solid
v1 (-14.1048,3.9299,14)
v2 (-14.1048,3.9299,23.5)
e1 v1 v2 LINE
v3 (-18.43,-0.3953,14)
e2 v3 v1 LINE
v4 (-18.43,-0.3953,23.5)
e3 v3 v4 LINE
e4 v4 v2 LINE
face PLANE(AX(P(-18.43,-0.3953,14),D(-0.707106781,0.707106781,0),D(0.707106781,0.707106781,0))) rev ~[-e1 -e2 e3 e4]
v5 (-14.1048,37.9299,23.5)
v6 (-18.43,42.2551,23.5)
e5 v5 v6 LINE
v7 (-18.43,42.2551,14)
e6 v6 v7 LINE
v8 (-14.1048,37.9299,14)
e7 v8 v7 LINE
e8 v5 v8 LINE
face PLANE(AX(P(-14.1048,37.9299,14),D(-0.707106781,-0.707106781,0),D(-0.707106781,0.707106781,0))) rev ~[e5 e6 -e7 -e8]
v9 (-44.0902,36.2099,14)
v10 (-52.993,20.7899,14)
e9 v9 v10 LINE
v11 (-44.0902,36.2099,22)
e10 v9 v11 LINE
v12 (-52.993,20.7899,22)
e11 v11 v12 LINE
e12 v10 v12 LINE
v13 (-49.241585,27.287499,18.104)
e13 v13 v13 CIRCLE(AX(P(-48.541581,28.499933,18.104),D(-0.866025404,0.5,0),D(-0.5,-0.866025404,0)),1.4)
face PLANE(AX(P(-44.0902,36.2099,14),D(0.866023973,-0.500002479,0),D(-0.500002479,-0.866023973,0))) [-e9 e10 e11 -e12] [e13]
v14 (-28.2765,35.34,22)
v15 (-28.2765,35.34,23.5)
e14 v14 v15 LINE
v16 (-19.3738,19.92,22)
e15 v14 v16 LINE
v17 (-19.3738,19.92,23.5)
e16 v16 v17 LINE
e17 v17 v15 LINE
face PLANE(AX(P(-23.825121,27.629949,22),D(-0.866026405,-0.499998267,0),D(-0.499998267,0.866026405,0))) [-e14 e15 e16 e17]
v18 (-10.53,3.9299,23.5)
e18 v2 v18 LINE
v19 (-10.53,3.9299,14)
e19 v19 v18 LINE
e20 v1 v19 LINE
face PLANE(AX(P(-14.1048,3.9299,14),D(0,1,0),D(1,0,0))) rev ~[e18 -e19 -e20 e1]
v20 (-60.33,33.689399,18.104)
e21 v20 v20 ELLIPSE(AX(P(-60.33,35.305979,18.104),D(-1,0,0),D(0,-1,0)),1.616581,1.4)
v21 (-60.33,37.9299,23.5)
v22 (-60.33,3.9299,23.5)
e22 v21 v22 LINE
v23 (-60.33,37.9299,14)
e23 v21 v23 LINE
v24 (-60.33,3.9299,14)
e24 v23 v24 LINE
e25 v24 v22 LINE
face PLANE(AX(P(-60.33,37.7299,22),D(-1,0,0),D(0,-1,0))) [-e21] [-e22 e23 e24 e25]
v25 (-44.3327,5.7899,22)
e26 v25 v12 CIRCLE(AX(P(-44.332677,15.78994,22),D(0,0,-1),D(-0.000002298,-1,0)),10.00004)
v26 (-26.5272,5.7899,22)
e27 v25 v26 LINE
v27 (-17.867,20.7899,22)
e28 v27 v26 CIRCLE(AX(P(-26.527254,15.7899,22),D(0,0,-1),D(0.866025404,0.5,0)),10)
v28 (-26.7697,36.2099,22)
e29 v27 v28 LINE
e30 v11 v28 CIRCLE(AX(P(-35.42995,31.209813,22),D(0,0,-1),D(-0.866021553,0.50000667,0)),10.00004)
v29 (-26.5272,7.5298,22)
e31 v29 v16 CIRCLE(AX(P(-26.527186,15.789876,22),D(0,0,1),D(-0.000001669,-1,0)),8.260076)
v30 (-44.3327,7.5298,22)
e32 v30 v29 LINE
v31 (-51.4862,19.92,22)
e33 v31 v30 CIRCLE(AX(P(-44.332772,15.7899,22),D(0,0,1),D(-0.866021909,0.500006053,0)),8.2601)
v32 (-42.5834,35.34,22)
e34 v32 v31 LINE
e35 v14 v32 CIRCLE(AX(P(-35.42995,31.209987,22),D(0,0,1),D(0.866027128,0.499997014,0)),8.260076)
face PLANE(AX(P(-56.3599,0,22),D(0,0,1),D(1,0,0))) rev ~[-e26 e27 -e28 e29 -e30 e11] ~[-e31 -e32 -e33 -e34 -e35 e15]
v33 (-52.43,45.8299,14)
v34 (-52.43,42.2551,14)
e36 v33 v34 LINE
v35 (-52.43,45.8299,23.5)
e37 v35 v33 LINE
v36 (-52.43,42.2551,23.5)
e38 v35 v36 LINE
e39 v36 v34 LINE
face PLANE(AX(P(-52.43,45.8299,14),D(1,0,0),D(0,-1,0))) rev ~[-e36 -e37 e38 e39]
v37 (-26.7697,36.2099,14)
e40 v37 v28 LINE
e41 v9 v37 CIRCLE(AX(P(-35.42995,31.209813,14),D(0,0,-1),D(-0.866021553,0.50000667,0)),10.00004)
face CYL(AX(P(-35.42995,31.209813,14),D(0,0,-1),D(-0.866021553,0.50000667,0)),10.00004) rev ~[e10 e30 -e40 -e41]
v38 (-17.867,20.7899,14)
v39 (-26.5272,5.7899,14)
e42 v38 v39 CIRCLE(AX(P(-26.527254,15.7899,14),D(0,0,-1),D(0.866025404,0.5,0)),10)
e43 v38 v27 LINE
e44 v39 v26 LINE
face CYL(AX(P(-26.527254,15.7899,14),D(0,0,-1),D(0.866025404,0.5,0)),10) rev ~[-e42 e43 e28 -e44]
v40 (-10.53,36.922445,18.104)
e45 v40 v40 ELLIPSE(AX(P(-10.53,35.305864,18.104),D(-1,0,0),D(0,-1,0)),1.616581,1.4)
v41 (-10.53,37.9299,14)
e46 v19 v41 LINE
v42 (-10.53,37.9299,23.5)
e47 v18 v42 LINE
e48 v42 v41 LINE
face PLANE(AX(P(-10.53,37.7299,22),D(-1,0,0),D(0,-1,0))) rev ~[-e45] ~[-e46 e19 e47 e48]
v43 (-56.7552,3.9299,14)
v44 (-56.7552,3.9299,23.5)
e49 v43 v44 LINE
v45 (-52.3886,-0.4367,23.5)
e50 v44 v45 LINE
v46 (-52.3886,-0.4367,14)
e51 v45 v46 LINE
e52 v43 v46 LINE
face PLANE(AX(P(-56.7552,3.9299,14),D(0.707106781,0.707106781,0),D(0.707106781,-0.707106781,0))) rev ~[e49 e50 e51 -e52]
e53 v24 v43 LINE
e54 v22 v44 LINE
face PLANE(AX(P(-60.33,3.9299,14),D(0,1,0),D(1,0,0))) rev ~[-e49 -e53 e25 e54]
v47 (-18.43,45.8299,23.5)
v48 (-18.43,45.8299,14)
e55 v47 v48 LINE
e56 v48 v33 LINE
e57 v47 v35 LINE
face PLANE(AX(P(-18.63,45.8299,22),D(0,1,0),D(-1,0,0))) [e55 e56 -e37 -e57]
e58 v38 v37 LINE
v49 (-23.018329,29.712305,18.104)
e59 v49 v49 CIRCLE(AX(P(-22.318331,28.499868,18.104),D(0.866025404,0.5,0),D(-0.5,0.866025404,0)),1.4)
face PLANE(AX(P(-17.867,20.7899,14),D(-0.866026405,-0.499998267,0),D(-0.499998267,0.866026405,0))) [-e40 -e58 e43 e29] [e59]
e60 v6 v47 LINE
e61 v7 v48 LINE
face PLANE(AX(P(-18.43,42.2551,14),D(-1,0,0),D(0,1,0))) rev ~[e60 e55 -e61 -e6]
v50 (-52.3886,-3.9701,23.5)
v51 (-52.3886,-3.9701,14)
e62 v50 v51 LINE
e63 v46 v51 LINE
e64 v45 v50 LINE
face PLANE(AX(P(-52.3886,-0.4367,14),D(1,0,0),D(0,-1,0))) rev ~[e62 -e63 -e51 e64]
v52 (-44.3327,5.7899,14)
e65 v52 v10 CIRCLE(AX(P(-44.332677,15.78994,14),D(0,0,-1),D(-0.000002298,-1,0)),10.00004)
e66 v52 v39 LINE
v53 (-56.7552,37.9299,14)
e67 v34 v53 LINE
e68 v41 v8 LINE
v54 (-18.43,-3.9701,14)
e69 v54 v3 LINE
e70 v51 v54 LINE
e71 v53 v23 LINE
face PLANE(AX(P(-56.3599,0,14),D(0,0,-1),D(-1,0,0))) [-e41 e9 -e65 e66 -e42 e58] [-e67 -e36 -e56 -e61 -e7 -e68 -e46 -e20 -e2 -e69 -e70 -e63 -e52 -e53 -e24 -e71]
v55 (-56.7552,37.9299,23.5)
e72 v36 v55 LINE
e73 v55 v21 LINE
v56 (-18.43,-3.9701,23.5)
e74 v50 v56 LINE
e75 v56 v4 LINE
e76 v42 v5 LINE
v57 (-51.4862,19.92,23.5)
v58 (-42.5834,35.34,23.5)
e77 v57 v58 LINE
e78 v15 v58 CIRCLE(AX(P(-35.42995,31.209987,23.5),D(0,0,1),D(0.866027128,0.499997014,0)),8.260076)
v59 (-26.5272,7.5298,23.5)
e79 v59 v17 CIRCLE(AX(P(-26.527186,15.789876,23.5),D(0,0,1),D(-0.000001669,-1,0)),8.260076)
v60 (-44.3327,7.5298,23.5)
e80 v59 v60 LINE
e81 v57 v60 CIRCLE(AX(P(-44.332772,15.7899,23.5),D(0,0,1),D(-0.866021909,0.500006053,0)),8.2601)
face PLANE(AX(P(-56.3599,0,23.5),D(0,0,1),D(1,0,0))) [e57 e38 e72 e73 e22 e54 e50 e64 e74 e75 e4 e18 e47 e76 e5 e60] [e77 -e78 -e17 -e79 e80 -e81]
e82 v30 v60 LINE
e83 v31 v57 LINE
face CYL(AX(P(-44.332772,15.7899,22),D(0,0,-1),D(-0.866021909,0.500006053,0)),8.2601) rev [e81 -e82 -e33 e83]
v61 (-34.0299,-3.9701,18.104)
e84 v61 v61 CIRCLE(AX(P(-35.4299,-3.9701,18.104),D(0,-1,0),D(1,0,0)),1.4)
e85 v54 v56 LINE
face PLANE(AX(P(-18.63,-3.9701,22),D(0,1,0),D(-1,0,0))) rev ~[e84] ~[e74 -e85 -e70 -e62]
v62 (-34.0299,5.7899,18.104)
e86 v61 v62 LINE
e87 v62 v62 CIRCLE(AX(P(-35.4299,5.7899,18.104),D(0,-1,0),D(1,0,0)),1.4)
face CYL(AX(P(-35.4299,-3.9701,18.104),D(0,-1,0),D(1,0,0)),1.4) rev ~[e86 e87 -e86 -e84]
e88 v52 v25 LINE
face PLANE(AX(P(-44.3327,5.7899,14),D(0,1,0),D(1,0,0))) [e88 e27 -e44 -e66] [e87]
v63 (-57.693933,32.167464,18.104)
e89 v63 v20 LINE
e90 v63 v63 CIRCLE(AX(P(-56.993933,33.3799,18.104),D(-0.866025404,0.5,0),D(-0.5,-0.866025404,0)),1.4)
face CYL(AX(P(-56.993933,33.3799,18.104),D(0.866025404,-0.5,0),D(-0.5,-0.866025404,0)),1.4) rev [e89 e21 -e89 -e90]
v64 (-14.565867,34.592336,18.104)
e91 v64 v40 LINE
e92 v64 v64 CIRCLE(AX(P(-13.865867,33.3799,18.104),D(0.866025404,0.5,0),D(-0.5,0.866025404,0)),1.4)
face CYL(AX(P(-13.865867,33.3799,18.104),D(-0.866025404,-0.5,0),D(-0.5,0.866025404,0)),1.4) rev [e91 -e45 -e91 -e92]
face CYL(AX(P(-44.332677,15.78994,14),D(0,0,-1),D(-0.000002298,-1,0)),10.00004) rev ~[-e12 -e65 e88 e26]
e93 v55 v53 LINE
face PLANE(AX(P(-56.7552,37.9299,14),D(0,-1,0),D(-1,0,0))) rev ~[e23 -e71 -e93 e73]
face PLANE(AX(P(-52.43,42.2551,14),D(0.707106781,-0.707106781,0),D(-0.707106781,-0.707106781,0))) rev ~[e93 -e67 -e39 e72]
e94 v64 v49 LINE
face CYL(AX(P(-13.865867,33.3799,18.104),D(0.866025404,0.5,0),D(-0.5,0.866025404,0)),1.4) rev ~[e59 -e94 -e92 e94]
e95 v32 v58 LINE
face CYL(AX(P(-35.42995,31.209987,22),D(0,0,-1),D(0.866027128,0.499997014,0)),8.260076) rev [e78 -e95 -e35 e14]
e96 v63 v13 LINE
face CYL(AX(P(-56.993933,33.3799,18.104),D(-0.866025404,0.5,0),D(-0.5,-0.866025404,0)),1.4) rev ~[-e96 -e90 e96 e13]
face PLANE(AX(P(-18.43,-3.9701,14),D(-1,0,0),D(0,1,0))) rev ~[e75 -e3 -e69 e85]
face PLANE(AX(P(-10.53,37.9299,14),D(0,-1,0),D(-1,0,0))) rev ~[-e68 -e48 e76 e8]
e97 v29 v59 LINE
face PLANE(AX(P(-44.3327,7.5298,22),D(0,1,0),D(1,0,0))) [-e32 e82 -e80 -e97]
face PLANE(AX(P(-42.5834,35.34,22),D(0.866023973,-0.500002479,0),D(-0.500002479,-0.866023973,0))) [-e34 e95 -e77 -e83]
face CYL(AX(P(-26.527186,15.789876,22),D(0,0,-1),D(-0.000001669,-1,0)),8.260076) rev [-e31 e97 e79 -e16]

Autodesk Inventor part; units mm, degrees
ref_plane "YZ Plane" through (0, 0, 0) normal (1, 0, 0) x (0, 1, 0)
ref_plane "XZ Plane" through (0, 0, 0) normal (0, 1, 0) x (-1, 0, 0)
ref_plane "Work Plane1" through (-56.3599, 0, 22) normal (0, 0, -1) x (-1, 0, 0)
sketch "Sketch1" plane through (-56.3599, 0, 22) normal (0, 0, -1) x (-1, 0, 0)
  line L0 (-4.0299, -0.3538) -> (-2.2322, 1.4439) construction
  arc A0 (-1.4439, 2.2322) -> (-2.2322, 1.4439) centre (-0.9299, 0.9299) ccw construction
  line L1 (-1.4439, 2.2322) -> (0.3538, 4.0299) construction
  line L2 (-37.8299, 42.8299) -> (-37.8299, 37.8299) construction
  line L3 (-37.8299, 37.8299) -> (-42.9208, 37.8299) construction
  line L4 (-37.8299, 42.2137) -> (-37.8299, 45.8299) construction
  line L5 (-37.8299, 45.8299) -> (-4.0299, 45.8299) construction
  line L6 (-4.0299, 45.8299) -> (-4.0299, 42.2137) construction
  line L7 (-4.0299, 4.0299) -> (0.3538, 4.0299) projected
  circle A1 centre (-20.9299, 20.9299) radius 17.5 projected
  line L8 (-20.9299, 58.9723) -> (17.1124, 20.9299) construction
  line L9 (17.1124, 20.9299) -> (-20.9299, -17.1124) construction
  line L10 (-20.9299, -17.1124) -> (-58.9723, 20.9299) construction
  line L11 (-58.9723, 20.9299) -> (-20.9299, 58.9723) construction
  line L12 (-20.9299, 58.9723) -> (-20.9299, -17.1124) construction
  line L13 (17.1124, 20.9299) -> (-58.9723, 20.9299) construction
  line L14 (-20.9299, 58.9723) -> (32.8701, 58.9723) construction
  line L15 (-43.4299, 43.4299) -> (1.5701, 43.4299) construction
  line L16 (1.5701, 43.4299) -> (1.5701, -1.5701) construction
  line L17 (1.5701, -1.5701) -> (-43.4299, -1.5701) construction
  line L18 (-43.4299, -1.5701) -> (-43.4299, 43.4299) construction
  line L19 (-43.4299, 43.4299) -> (1.5701, -1.5701) construction
  line L20 (1.5701, 43.4299) -> (-43.4299, -1.5701) construction
  line L21 (-43.4299, 5.3876) -> (-43.4299, 36.4723)
  line L22 (-43.4299, 36.4723) -> (-36.4723, 43.4299)
  line L23 (-36.4723, 43.4299) -> (-5.3876, 43.4299)
  line L24 (-5.3876, 43.4299) -> (1.5701, 36.4723)
  line L25 (1.5701, 36.4723) -> (1.5701, 5.3876)
  line L26 (1.5701, 5.3876) -> (-5.3876, -1.5701)
  line L27 (-5.3876, -1.5701) -> (-36.4723, -1.5701)
  line L28 (-36.4723, -1.5701) -> (-43.4299, 5.3876)
  line L29 (-4.0299, 42.2137) -> (-37.8299, 42.2137) projected
  line L30 (-4.0299, -0.3538) -> (-4.0299, 4.0299) projected
  circle A2 centre (-20.9299, 20.9299) radius 1.5
  line L31 (-10.9299, 10.9299) -> (-30.9299, 10.9299) construction
  line L32 (-30.9299, 10.9299) -> (-30.9299, 30.9299) construction
  line L33 (-30.9299, 30.9299) -> (-10.9299, 30.9299) construction
  line L34 (-10.9299, 30.9299) -> (-10.9299, 10.9299) construction
  line L35 (-10.9299, 10.9299) -> (-30.9299, 30.9299) construction
  line L36 (-30.9299, 10.9299) -> (-10.9299, 30.9299) construction
  circle A3 centre (-30.9299, 30.9299) radius 1.4
  circle A4 centre (-30.9299, 10.9299) radius 1.4
  circle A5 centre (-10.9299, 10.9299) radius 1.4
  line L37 (-45.8299, 37.8299) -> (-42.0723, 37.8299) construction
  line L38 (-42.1723, 37.7299) -> (-45.8299, 37.7299)
  line L39 (-45.8299, 37.7299) -> (-45.8299, 4.1299)
  line L40 (-45.8299, 4.1299) -> (-42.1723, 4.1299)
  line L41 (-42.1723, 4.1299) -> (-42.1723, 37.7299)
  line L42 (-45.8299, 4.0299) -> (-42.0723, 4.0299) construction
  line L43 (-45.8299, 37.8299) -> (-42.0723, 37.8299) projected
  line L44 (-37.7299, 45.8299) -> (-4.1299, 45.8299)
  line L45 (-4.1299, 45.8299) -> (-4.1299, 42.1723)
  line L46 (-4.1299, 42.1723) -> (-37.7299, 42.1723)
  line L47 (-37.7299, 42.1723) -> (-37.7299, 45.8299)
  line L48 (0.4701, 37.8299) -> (0.4701, 4.0299) construction
  line L49 (0.4701, 4.0299) -> (3.9701, 4.0299) construction
  line L50 (3.9701, 37.8299) -> (3.9701, 4.0299) construction
  line L51 (0.4701, 37.8299) -> (3.9701, 37.8299) construction
  line L52 (-45.8299, -3.9701) -> (-4.0299, -3.9701) construction
  line L53 (0.3124, 37.7299) -> (3.9701, 37.7299)
  line L54 (3.9701, 37.7299) -> (3.9701, 4.1299)
  line L55 (3.9701, 4.1299) -> (0.3124, 4.1299)
  line L56 (0.3124, 4.1299) -> (0.3124, 37.7299)
  line L57 (-4.1713, -0.3538) -> (-37.7299, -0.3538)
  line L58 (-37.7299, -0.3538) -> (-37.7299, -3.9701)
  line L59 (-37.7299, -3.9701) -> (-4.1713, -3.9701)
  line L60 (-4.1713, -3.9701) -> (-4.1713, -0.3538)
  point P0 (-37.8299, 4.0299)
  dimension "d18" = 53.8
  dimension "d19" = 45
  dimension "d20" = 53.8
  dimension "d21" = 45
  dimension "d22" = 45
  dimension "d30" = 20
  dimension "d31" = 20
  dimension "d32" = 2.8
  dimension "d33" = 2.8
  dimension "d34" = 2.8
  dimension "d35" = 3
  dimension "d36" = 0.1
  dimension "d37" = 0.1
  dimension "d38" = 0.1
  dimension "d39" = 0.1
extrude "Extrusion1" add sketch "Sketch1" along normal blind 8 contours L30 L26 L57 L28 L41 L22 L46 L24 L56 L7 | L7 L26 L30 | L56 L24 L25 L26 | L26 L25 L24 L53 L54 L55 | L60 L59 L58 L57 L28 L27 L26 | L26 L27 L28 L57 | L46 L22 L29 L24 | L24 L29 L45 | L40 L39 L38 L22 L21 L28 | L28 L21 L22 L41 | L29 L22 L23 L24 | L24 L23 L22 L29 L47 L44 L45 | L47 L29 L22 | A1 | A2 | A3 | A4 | A5
sketch "Skizze4" plane through (-56.3599, 0, 14) normal (0, 0, -1) x (-1, 0, 0)
  line L0 (-37.7299, 42.1723) -> (-42.1723, 37.7299) projected
  line L1 (-42.1723, 37.7299) -> (-45.8299, 37.7299) projected
  line L2 (-45.8299, 37.7299) -> (-45.8299, 4.1299) construction
  line L3 (-45.8299, 4.1299) -> (-42.1723, 4.1299) projected
  line L4 (-42.1723, 4.1299) -> (-37.6885, -0.3538) projected
  line L5 (-37.6885, -0.3538) -> (-37.7299, -0.3538) projected
  line L6 (-37.7299, -0.3538) -> (-37.7299, -3.9701) projected
  line L7 (-37.7299, -3.9701) -> (-4.1713, -3.9701) construction
  line L8 (-4.1713, -3.9701) -> (-4.1713, -0.3538) projected
  line L9 (-4.1713, -0.3538) -> (0.3124, 4.1299) projected
  line L10 (0.3124, 4.1299) -> (3.9701, 4.1299) projected
  line L11 (3.9701, 4.1299) -> (3.9701, 37.7299) construction
  line L12 (3.9701, 37.7299) -> (0.3124, 37.7299) projected
  line L13 (0.3124, 37.7299) -> (-4.1299, 42.1723) projected
  line L14 (-4.1299, 42.1723) -> (-4.1299, 45.8299) projected
  line L15 (-4.1299, 45.8299) -> (-37.7299, 45.8299) construction
  line L16 (-37.7299, 45.8299) -> (-37.7299, 42.1723) projected
  line L17 (-37.9299, 46.0299) -> (-3.9299, 46.0299) construction
  line L18 (-3.9299, 46.0299) -> (-3.9299, 42.2551)
  line L19 (-3.9299, 42.2551) -> (0.3953, 37.9299)
  line L20 (0.3953, 37.9299) -> (4.1701, 37.9299)
  line L21 (4.1701, 37.9299) -> (4.1701, 3.9299) construction
  line L22 (4.1701, 3.9299) -> (0.3953, 3.9299)
  line L23 (0.3953, 3.9299) -> (-3.9713, -0.4367)
  line L24 (-3.9713, -0.4367) -> (-3.9713, -4.1701)
  line L25 (-3.9713, -4.1701) -> (-37.9299, -4.1701) construction
  line L26 (-37.9299, -4.1701) -> (-37.9299, -0.3953)
  line L27 (-37.9299, -0.3953) -> (-42.2551, 3.9299)
  line L28 (-42.2551, 3.9299) -> (-46.0299, 3.9299)
  line L29 (-46.0299, 3.9299) -> (-46.0299, 37.9299) construction
  line L30 (-46.0299, 37.9299) -> (-42.2551, 37.9299)
  line L31 (-42.2551, 37.9299) -> (-37.9299, 42.2551)
  line L32 (-37.9299, 42.2551) -> (-37.9299, 46.0299)
  line L33 (-45.8299, 37.7299) -> (-45.8299, 37.9299)
  line L34 (-4.1299, 45.8299) -> (-37.7299, 45.8299) projected
  line L35 (-37.7299, 45.8299) -> (-37.9299, 45.8299)
  line L36 (-4.1299, 45.8299) -> (-3.9299, 45.8299)
  line L37 (3.9701, 37.7299) -> (3.9701, 37.9299)
  line L38 (3.9701, 4.1299) -> (3.9701, 37.7299) projected
  line L39 (3.9701, 4.1299) -> (3.9701, 3.9299)
  line L40 (-4.1713, -3.9701) -> (-3.9713, -3.9701)
  line L41 (-37.7299, -3.9701) -> (-37.9299, -3.9701)
  line L42 (-45.8299, 4.1299) -> (-45.8299, 3.9299)
  point P0 (-56.3599, 0)
  dimension "d40" = 0.2
extrude "IM_offset" add sketch "Skizze4" against normal up to surface (8 mm away)
ref_plane "Arbeitsebene5" through (-35.4299, 3.9299, 22) normal (-1, 0, 0) x (0, 0, 1)
ref_plane "Arbeitsebene6" through (-18.4299, 20.9299, 22) normal (0, 1, 0) x (-1, 0, 0)
sketch "Sketch33" plane through (-56.3599, 0, 14) normal (0, 0, -1) x (-1, 0, 0)
  circle A0 centre (-20.9299, 20.9299) radius 15.24 construction
  circle A1 centre (-20.9299, 20.9299) radius 15.14 construction
  line L0 (-12.0272, 5.7899) -> (-29.8327, 5.7899)
  line L1 (-38.4929, 20.7899) -> (-29.5902, 36.2099)
  line L2 (-12.2697, 36.2099) -> (-3.3669, 20.7899)
  line L3 (-42.2551, 3.9299) -> (-45.8299, 3.9299) projected
  arc A2 (-12.0272, 5.7899) -> (-3.3669, 20.7899) centre (-12.0272, 15.7899) ccw
  arc A3 (-38.4929, 20.7899) -> (-29.8327, 5.7899) centre (-29.8327, 15.7899) ccw
  arc A4 (-12.2697, 36.2099) -> (-29.5902, 36.2099) centre (-20.9299, 31.2099) ccw
  point P0 (-56.3599, 0)
  point P1 (5.2933, 5.7899)
  point P2 (-47.1532, 5.7899)
  point P3 (-20.9299, 51.2099)
  dimension "d184" = 0.1
  dimension "d185" = 0
  dimension "d186" = 10
extrude "Extrusion27" cut sketch "Sketch33" against normal blind 10
sketch "Sketch34" plane through (-56.3599, 0, 22) normal (0, 0, 1) x (1, 0, 0)
  arc A0 (29.8327, 5.7899) -> (38.4929, 20.7899) centre (29.8327, 15.7899) ccw projected
  line L0 (29.8327, 5.7899) -> (12.0272, 5.7899) projected
  arc A1 (3.3669, 20.7899) -> (12.0272, 5.7899) centre (12.0272, 15.7899) ccw projected
  line L1 (3.3669, 20.7899) -> (12.2697, 36.2099) projected
  arc A2 (29.5902, 36.2099) -> (12.2697, 36.2099) centre (20.9299, 31.2099) ccw projected
  line L2 (29.5902, 36.2099) -> (38.4929, 20.7899) projected
  line L3 (3.9713, -3.9701) -> (37.9299, -3.9701) projected
  line L4 (37.9299, -3.9701) -> (37.9299, -0.3953) projected
  line L5 (37.9299, -0.3953) -> (42.2551, 3.9299) projected
  line L6 (42.2551, 3.9299) -> (45.8299, 3.9299) projected
  line L7 (45.8299, 3.9299) -> (45.8299, 37.9299) projected
  line L8 (45.8299, 37.9299) -> (42.2551, 37.9299) projected
  line L9 (42.2551, 37.9299) -> (37.9299, 42.2551) projected
  line L10 (37.9299, 42.2551) -> (37.9299, 45.8299) projected
  line L11 (37.9299, 45.8299) -> (3.9299, 45.8299) projected
  line L12 (3.9299, 45.8299) -> (3.9299, 42.2551) projected
  line L13 (3.9299, 42.2551) -> (-0.3953, 37.9299) projected
  line L14 (-0.3953, 37.9299) -> (-3.9701, 37.9299) projected
  line L15 (-3.9701, 37.9299) -> (-3.9701, 3.9299) projected
  line L16 (-3.9701, 3.9299) -> (-0.3953, 3.9299) projected
  line L17 (-0.3953, 3.9299) -> (3.9713, -0.4367) projected
  line L18 (3.9713, -0.4367) -> (3.9713, -3.9701) projected
  circle A3 centre (20.9299, 20.9299) radius 13.5001 construction
  circle A4 centre (20.9299, 20.9299) radius 13.4001
  line L19 (12.0272, 7.5298) -> (29.8327, 7.5298)
  arc A5 (29.8327, 7.5298) -> (36.9861, 19.92) centre (29.8327, 15.7899) ccw
  line L20 (36.9861, 19.92) -> (28.0834, 35.34)
  arc A6 (28.0834, 35.34) -> (13.7765, 35.34) centre (20.9299, 31.2099) ccw
  line L21 (13.7765, 35.34) -> (4.8737, 19.92)
  arc A7 (4.8737, 19.92) -> (12.0272, 7.5298) centre (12.0272, 15.7899) ccw
  point P0 (56.3599, 0)
  dimension "d189" = 0.1
extrude "Extrusion28" add sketch "Sketch34" along normal blind 1.5 contours L0 A1 L1 A2 L2 A0 | L18 L17 L16 L15 L14 L13 L12 L11 L10 L9 L8 L7 L6 L5 L4 L3
sketch "Sketch35" plane through (-52.3885, -3.9701, 14) normal (0, -1, 0) x (1, 0, 0)
  line L0 (0, 0) -> (0, 9.5) projected
  line L1 (0, 0) -> (33.9586, 0) projected
  line L2 (33.9586, 0) -> (33.9586, 9.5) projected
  line L3 (0, 9.5) -> (33.9586, 9.5) projected
  circle A0 centre (16.9586, 4.104) radius 1.4
  point P0 (52.3885, -14)
  dimension "d192" = 2.8
extrude "Extrusion29" cut sketch "Sketch35" along normal mid plane 30 contours A0
pattern_circular "Circular Pattern2" count 3 over 360 about axis through (-35.4299, 20.9299, 22) along (0, 0, 1) of "Extrusion29"
properties part number "20_Cube_Insert_Filter_25mm"
